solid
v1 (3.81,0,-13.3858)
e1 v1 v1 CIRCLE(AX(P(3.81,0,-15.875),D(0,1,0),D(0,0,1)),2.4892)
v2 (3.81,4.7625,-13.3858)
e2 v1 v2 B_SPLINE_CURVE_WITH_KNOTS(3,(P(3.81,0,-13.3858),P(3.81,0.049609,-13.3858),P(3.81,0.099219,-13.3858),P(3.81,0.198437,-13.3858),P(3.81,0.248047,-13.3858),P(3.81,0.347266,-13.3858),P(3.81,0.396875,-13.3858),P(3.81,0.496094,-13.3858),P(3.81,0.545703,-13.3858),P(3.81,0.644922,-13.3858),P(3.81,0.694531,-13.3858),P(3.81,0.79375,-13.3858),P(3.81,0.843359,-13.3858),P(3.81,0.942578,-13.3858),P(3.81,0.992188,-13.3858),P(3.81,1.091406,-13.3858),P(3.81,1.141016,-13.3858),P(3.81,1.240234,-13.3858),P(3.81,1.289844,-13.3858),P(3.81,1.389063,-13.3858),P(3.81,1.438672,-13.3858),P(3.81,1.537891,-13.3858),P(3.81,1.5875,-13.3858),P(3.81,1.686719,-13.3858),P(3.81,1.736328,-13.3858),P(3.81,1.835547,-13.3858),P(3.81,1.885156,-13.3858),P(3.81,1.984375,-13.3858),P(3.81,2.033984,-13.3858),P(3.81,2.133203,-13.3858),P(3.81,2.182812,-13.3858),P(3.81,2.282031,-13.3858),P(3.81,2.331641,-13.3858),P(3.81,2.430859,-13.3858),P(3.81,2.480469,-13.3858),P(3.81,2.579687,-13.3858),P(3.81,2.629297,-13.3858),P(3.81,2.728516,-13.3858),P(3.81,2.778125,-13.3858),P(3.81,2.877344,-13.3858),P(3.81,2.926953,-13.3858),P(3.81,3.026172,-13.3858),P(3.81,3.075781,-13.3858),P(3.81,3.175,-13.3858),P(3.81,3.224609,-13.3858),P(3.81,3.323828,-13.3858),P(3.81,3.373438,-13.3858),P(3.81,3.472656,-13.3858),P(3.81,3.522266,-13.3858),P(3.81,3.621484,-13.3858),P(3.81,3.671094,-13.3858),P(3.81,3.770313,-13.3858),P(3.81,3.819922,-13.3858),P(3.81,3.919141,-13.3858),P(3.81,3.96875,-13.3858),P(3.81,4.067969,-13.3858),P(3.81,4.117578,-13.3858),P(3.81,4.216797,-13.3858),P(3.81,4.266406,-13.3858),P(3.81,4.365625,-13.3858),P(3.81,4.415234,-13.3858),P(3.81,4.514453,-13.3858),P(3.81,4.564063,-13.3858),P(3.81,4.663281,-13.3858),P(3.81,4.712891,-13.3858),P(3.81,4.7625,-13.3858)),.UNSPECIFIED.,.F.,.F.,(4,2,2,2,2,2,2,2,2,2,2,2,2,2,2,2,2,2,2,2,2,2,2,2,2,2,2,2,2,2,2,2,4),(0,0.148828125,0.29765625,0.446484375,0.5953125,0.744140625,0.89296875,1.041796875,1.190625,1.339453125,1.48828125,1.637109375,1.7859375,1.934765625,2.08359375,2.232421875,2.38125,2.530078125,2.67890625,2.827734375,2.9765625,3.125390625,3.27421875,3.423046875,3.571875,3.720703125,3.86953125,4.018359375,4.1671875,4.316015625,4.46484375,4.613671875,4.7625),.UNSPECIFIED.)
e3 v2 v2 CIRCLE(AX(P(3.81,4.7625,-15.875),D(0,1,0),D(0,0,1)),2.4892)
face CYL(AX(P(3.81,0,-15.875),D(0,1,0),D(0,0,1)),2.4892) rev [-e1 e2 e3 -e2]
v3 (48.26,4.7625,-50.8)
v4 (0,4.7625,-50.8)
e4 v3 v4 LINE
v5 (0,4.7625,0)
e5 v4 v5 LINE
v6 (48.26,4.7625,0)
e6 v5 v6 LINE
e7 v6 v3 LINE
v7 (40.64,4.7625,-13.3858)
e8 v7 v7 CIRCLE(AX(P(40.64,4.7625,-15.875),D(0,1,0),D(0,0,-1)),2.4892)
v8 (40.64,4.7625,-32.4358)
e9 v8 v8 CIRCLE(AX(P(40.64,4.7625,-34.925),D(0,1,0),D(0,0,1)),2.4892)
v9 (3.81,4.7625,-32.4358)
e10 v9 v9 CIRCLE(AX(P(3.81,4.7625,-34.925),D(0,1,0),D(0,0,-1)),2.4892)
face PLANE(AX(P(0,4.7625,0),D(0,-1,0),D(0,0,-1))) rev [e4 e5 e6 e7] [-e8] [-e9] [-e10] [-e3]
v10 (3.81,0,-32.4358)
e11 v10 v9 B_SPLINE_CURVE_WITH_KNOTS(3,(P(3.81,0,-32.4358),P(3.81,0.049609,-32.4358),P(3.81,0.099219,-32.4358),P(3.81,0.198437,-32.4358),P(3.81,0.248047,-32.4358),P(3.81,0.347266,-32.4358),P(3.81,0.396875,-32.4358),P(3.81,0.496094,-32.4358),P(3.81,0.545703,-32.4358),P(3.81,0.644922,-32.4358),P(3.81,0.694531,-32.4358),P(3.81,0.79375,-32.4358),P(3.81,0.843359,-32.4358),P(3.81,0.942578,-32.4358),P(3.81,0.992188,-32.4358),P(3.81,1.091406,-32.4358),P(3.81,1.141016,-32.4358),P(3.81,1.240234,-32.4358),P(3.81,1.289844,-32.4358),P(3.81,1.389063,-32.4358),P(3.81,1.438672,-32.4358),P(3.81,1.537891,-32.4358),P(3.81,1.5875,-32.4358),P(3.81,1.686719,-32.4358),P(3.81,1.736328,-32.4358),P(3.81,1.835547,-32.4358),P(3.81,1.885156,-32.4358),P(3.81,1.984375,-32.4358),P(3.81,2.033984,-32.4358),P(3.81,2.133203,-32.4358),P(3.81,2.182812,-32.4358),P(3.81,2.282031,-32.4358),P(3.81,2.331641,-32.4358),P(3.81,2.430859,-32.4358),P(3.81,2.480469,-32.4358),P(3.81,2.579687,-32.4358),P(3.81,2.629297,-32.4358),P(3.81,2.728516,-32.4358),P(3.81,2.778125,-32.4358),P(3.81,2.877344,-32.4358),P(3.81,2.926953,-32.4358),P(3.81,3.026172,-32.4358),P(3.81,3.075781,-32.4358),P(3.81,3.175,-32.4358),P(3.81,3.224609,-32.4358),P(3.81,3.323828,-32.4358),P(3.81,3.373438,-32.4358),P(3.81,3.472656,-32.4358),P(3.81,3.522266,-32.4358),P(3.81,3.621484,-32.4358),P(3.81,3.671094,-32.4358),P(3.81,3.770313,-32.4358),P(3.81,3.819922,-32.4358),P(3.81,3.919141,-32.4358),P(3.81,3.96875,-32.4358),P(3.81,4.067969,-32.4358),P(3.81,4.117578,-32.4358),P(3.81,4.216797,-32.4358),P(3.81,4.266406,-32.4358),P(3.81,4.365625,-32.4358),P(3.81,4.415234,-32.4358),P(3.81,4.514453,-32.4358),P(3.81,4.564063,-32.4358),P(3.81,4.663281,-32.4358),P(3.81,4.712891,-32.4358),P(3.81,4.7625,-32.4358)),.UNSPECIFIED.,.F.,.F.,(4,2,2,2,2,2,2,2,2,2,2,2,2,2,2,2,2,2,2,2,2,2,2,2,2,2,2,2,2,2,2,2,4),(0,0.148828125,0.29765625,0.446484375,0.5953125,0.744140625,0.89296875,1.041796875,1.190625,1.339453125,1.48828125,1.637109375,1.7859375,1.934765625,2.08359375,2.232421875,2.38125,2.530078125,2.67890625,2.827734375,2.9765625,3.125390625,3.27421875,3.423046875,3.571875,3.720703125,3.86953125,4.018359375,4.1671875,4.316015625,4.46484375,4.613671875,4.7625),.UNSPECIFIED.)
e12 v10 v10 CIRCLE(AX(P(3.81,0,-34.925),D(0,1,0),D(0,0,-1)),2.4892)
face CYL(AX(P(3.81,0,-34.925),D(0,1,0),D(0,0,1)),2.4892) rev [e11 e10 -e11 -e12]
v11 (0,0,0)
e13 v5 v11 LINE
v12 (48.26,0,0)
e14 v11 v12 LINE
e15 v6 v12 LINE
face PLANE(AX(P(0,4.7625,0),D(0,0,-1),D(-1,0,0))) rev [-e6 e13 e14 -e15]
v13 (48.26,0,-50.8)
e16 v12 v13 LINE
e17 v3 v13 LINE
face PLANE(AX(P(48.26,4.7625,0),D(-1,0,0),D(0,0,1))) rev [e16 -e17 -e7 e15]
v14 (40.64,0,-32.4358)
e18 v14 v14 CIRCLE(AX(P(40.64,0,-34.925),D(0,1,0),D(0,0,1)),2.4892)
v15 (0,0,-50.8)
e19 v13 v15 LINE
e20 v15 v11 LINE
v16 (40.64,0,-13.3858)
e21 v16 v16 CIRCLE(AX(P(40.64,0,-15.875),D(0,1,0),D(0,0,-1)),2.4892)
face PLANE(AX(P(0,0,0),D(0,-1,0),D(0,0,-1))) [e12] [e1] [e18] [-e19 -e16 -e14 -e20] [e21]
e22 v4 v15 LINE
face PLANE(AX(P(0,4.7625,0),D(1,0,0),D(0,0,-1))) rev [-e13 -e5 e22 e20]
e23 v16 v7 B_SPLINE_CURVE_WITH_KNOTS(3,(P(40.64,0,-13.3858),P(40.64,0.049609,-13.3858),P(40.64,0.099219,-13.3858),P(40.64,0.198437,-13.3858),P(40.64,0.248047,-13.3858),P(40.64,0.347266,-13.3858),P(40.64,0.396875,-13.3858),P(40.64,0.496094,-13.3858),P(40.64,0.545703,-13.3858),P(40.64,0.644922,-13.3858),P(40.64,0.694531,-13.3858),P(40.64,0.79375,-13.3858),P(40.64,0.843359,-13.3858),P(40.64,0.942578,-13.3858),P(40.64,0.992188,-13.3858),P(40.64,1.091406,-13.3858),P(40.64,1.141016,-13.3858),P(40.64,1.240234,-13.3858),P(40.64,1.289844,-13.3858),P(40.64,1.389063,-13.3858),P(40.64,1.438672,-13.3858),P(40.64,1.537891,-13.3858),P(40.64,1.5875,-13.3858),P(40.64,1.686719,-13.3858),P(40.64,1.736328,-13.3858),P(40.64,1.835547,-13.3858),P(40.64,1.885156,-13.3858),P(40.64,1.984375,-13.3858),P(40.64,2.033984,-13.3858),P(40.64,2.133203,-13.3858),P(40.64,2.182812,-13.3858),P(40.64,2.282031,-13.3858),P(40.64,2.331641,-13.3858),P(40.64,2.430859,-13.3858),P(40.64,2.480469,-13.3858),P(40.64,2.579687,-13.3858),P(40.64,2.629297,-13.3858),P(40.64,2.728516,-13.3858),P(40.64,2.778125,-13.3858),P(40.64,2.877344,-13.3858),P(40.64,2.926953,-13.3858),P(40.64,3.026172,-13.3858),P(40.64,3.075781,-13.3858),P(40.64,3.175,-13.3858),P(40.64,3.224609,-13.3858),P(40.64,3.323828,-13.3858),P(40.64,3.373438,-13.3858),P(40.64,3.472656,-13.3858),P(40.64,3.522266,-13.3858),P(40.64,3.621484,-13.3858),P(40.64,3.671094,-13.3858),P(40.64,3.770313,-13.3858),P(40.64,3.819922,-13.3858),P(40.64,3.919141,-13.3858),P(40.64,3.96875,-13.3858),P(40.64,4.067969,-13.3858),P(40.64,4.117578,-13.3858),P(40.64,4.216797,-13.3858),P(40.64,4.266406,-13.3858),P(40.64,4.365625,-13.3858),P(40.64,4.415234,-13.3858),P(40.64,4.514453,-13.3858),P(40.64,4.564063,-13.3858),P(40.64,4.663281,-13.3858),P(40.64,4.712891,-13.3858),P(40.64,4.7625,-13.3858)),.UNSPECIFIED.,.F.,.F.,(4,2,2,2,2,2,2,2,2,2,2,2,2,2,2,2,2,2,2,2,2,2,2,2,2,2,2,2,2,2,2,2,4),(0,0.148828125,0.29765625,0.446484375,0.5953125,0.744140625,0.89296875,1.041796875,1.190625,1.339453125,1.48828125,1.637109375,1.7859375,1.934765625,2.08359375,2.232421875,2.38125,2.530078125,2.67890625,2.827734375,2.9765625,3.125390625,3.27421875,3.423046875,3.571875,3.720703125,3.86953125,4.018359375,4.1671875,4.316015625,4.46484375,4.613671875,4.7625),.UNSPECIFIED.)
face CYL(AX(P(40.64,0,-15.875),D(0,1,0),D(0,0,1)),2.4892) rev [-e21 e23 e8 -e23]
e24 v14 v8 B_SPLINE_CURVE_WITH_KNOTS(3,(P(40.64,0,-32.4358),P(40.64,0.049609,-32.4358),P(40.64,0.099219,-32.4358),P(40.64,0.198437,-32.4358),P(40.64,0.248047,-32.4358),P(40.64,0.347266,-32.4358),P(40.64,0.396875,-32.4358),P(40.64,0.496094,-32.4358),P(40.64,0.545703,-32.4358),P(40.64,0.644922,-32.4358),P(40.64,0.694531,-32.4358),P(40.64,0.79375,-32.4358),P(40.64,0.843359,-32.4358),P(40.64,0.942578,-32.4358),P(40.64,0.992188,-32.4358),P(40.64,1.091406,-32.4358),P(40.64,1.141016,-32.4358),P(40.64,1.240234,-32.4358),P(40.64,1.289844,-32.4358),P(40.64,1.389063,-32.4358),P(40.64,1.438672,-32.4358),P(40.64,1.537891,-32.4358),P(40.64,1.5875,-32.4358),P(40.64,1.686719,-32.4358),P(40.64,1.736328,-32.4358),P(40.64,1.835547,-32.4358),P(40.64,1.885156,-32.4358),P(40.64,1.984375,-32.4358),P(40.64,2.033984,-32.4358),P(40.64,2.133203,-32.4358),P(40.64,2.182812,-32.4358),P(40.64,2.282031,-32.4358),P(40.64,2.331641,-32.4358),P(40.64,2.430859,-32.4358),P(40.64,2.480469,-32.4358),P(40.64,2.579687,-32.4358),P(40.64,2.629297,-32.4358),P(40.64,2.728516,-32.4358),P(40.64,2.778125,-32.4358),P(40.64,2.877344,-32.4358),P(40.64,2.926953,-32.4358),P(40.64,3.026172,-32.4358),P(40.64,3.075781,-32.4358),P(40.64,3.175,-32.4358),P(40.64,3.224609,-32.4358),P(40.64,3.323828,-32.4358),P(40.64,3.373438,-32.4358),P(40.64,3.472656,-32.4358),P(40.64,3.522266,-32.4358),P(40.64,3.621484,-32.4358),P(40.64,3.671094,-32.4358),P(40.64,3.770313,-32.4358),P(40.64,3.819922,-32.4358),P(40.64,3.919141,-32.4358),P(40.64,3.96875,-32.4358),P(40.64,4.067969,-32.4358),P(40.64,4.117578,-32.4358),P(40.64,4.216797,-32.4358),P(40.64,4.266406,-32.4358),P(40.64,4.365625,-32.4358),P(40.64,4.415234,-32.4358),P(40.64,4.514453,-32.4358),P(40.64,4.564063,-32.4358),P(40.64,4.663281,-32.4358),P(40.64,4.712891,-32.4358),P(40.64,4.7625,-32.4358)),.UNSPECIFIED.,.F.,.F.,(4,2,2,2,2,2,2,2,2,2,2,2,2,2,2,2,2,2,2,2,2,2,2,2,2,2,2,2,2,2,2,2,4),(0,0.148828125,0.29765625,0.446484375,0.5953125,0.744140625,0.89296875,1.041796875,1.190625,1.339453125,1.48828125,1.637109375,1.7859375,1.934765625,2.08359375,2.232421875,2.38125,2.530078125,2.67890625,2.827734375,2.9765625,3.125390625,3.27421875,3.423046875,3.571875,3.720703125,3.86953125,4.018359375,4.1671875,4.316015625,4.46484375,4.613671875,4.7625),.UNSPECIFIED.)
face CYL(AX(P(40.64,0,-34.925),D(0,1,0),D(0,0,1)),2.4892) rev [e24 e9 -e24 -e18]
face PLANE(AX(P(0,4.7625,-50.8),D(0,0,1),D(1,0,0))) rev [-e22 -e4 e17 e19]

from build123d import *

# Parameters (mm, degrees)
SKETCH1_W           = 48.26
SKETCH1_H           = 50.8
BOSS_EXTRUDE1_DEPTH = 4.7625
SKETCH2_R           = 2.4892
CUT_EXTRUDE1_DEPTH  = 4.7625


with BuildPart() as part:
    # Sketch1 → Boss-Extrude1 (new body)
    with BuildSketch(Plane(origin=(0, 0, 0), x_dir=(1, 0, 0), z_dir=(0, 1, 0))):
        with Locations((24.13, 25.4)):
            Rectangle(SKETCH1_W, SKETCH1_H)
    extrude(amount=BOSS_EXTRUDE1_DEPTH)

    # Sketch2 → Cut-Extrude1 (cut)
    with BuildSketch(Plane(origin=(0, 4.7625, 0), x_dir=(1, 0, 0), z_dir=(0, 1, 0))):
        with Locations(Location((3.81, 15.875, 0), (0, 0, 270))):
            Circle(SKETCH2_R)
        with Locations(Location((40.64, 15.875, 0), (0, 0, 270))):
            Circle(SKETCH2_R)
        with Locations(Location((40.64, 34.925, 0), (0, 0, 270))):
            Circle(SKETCH2_R)
        with Locations(Location((3.81, 34.925, 0), (0, 0, 270))):
            Circle(SKETCH2_R)
    extrude(amount=-CUT_EXTRUDE1_DEPTH, mode=Mode.SUBTRACT)


solid = part.part
